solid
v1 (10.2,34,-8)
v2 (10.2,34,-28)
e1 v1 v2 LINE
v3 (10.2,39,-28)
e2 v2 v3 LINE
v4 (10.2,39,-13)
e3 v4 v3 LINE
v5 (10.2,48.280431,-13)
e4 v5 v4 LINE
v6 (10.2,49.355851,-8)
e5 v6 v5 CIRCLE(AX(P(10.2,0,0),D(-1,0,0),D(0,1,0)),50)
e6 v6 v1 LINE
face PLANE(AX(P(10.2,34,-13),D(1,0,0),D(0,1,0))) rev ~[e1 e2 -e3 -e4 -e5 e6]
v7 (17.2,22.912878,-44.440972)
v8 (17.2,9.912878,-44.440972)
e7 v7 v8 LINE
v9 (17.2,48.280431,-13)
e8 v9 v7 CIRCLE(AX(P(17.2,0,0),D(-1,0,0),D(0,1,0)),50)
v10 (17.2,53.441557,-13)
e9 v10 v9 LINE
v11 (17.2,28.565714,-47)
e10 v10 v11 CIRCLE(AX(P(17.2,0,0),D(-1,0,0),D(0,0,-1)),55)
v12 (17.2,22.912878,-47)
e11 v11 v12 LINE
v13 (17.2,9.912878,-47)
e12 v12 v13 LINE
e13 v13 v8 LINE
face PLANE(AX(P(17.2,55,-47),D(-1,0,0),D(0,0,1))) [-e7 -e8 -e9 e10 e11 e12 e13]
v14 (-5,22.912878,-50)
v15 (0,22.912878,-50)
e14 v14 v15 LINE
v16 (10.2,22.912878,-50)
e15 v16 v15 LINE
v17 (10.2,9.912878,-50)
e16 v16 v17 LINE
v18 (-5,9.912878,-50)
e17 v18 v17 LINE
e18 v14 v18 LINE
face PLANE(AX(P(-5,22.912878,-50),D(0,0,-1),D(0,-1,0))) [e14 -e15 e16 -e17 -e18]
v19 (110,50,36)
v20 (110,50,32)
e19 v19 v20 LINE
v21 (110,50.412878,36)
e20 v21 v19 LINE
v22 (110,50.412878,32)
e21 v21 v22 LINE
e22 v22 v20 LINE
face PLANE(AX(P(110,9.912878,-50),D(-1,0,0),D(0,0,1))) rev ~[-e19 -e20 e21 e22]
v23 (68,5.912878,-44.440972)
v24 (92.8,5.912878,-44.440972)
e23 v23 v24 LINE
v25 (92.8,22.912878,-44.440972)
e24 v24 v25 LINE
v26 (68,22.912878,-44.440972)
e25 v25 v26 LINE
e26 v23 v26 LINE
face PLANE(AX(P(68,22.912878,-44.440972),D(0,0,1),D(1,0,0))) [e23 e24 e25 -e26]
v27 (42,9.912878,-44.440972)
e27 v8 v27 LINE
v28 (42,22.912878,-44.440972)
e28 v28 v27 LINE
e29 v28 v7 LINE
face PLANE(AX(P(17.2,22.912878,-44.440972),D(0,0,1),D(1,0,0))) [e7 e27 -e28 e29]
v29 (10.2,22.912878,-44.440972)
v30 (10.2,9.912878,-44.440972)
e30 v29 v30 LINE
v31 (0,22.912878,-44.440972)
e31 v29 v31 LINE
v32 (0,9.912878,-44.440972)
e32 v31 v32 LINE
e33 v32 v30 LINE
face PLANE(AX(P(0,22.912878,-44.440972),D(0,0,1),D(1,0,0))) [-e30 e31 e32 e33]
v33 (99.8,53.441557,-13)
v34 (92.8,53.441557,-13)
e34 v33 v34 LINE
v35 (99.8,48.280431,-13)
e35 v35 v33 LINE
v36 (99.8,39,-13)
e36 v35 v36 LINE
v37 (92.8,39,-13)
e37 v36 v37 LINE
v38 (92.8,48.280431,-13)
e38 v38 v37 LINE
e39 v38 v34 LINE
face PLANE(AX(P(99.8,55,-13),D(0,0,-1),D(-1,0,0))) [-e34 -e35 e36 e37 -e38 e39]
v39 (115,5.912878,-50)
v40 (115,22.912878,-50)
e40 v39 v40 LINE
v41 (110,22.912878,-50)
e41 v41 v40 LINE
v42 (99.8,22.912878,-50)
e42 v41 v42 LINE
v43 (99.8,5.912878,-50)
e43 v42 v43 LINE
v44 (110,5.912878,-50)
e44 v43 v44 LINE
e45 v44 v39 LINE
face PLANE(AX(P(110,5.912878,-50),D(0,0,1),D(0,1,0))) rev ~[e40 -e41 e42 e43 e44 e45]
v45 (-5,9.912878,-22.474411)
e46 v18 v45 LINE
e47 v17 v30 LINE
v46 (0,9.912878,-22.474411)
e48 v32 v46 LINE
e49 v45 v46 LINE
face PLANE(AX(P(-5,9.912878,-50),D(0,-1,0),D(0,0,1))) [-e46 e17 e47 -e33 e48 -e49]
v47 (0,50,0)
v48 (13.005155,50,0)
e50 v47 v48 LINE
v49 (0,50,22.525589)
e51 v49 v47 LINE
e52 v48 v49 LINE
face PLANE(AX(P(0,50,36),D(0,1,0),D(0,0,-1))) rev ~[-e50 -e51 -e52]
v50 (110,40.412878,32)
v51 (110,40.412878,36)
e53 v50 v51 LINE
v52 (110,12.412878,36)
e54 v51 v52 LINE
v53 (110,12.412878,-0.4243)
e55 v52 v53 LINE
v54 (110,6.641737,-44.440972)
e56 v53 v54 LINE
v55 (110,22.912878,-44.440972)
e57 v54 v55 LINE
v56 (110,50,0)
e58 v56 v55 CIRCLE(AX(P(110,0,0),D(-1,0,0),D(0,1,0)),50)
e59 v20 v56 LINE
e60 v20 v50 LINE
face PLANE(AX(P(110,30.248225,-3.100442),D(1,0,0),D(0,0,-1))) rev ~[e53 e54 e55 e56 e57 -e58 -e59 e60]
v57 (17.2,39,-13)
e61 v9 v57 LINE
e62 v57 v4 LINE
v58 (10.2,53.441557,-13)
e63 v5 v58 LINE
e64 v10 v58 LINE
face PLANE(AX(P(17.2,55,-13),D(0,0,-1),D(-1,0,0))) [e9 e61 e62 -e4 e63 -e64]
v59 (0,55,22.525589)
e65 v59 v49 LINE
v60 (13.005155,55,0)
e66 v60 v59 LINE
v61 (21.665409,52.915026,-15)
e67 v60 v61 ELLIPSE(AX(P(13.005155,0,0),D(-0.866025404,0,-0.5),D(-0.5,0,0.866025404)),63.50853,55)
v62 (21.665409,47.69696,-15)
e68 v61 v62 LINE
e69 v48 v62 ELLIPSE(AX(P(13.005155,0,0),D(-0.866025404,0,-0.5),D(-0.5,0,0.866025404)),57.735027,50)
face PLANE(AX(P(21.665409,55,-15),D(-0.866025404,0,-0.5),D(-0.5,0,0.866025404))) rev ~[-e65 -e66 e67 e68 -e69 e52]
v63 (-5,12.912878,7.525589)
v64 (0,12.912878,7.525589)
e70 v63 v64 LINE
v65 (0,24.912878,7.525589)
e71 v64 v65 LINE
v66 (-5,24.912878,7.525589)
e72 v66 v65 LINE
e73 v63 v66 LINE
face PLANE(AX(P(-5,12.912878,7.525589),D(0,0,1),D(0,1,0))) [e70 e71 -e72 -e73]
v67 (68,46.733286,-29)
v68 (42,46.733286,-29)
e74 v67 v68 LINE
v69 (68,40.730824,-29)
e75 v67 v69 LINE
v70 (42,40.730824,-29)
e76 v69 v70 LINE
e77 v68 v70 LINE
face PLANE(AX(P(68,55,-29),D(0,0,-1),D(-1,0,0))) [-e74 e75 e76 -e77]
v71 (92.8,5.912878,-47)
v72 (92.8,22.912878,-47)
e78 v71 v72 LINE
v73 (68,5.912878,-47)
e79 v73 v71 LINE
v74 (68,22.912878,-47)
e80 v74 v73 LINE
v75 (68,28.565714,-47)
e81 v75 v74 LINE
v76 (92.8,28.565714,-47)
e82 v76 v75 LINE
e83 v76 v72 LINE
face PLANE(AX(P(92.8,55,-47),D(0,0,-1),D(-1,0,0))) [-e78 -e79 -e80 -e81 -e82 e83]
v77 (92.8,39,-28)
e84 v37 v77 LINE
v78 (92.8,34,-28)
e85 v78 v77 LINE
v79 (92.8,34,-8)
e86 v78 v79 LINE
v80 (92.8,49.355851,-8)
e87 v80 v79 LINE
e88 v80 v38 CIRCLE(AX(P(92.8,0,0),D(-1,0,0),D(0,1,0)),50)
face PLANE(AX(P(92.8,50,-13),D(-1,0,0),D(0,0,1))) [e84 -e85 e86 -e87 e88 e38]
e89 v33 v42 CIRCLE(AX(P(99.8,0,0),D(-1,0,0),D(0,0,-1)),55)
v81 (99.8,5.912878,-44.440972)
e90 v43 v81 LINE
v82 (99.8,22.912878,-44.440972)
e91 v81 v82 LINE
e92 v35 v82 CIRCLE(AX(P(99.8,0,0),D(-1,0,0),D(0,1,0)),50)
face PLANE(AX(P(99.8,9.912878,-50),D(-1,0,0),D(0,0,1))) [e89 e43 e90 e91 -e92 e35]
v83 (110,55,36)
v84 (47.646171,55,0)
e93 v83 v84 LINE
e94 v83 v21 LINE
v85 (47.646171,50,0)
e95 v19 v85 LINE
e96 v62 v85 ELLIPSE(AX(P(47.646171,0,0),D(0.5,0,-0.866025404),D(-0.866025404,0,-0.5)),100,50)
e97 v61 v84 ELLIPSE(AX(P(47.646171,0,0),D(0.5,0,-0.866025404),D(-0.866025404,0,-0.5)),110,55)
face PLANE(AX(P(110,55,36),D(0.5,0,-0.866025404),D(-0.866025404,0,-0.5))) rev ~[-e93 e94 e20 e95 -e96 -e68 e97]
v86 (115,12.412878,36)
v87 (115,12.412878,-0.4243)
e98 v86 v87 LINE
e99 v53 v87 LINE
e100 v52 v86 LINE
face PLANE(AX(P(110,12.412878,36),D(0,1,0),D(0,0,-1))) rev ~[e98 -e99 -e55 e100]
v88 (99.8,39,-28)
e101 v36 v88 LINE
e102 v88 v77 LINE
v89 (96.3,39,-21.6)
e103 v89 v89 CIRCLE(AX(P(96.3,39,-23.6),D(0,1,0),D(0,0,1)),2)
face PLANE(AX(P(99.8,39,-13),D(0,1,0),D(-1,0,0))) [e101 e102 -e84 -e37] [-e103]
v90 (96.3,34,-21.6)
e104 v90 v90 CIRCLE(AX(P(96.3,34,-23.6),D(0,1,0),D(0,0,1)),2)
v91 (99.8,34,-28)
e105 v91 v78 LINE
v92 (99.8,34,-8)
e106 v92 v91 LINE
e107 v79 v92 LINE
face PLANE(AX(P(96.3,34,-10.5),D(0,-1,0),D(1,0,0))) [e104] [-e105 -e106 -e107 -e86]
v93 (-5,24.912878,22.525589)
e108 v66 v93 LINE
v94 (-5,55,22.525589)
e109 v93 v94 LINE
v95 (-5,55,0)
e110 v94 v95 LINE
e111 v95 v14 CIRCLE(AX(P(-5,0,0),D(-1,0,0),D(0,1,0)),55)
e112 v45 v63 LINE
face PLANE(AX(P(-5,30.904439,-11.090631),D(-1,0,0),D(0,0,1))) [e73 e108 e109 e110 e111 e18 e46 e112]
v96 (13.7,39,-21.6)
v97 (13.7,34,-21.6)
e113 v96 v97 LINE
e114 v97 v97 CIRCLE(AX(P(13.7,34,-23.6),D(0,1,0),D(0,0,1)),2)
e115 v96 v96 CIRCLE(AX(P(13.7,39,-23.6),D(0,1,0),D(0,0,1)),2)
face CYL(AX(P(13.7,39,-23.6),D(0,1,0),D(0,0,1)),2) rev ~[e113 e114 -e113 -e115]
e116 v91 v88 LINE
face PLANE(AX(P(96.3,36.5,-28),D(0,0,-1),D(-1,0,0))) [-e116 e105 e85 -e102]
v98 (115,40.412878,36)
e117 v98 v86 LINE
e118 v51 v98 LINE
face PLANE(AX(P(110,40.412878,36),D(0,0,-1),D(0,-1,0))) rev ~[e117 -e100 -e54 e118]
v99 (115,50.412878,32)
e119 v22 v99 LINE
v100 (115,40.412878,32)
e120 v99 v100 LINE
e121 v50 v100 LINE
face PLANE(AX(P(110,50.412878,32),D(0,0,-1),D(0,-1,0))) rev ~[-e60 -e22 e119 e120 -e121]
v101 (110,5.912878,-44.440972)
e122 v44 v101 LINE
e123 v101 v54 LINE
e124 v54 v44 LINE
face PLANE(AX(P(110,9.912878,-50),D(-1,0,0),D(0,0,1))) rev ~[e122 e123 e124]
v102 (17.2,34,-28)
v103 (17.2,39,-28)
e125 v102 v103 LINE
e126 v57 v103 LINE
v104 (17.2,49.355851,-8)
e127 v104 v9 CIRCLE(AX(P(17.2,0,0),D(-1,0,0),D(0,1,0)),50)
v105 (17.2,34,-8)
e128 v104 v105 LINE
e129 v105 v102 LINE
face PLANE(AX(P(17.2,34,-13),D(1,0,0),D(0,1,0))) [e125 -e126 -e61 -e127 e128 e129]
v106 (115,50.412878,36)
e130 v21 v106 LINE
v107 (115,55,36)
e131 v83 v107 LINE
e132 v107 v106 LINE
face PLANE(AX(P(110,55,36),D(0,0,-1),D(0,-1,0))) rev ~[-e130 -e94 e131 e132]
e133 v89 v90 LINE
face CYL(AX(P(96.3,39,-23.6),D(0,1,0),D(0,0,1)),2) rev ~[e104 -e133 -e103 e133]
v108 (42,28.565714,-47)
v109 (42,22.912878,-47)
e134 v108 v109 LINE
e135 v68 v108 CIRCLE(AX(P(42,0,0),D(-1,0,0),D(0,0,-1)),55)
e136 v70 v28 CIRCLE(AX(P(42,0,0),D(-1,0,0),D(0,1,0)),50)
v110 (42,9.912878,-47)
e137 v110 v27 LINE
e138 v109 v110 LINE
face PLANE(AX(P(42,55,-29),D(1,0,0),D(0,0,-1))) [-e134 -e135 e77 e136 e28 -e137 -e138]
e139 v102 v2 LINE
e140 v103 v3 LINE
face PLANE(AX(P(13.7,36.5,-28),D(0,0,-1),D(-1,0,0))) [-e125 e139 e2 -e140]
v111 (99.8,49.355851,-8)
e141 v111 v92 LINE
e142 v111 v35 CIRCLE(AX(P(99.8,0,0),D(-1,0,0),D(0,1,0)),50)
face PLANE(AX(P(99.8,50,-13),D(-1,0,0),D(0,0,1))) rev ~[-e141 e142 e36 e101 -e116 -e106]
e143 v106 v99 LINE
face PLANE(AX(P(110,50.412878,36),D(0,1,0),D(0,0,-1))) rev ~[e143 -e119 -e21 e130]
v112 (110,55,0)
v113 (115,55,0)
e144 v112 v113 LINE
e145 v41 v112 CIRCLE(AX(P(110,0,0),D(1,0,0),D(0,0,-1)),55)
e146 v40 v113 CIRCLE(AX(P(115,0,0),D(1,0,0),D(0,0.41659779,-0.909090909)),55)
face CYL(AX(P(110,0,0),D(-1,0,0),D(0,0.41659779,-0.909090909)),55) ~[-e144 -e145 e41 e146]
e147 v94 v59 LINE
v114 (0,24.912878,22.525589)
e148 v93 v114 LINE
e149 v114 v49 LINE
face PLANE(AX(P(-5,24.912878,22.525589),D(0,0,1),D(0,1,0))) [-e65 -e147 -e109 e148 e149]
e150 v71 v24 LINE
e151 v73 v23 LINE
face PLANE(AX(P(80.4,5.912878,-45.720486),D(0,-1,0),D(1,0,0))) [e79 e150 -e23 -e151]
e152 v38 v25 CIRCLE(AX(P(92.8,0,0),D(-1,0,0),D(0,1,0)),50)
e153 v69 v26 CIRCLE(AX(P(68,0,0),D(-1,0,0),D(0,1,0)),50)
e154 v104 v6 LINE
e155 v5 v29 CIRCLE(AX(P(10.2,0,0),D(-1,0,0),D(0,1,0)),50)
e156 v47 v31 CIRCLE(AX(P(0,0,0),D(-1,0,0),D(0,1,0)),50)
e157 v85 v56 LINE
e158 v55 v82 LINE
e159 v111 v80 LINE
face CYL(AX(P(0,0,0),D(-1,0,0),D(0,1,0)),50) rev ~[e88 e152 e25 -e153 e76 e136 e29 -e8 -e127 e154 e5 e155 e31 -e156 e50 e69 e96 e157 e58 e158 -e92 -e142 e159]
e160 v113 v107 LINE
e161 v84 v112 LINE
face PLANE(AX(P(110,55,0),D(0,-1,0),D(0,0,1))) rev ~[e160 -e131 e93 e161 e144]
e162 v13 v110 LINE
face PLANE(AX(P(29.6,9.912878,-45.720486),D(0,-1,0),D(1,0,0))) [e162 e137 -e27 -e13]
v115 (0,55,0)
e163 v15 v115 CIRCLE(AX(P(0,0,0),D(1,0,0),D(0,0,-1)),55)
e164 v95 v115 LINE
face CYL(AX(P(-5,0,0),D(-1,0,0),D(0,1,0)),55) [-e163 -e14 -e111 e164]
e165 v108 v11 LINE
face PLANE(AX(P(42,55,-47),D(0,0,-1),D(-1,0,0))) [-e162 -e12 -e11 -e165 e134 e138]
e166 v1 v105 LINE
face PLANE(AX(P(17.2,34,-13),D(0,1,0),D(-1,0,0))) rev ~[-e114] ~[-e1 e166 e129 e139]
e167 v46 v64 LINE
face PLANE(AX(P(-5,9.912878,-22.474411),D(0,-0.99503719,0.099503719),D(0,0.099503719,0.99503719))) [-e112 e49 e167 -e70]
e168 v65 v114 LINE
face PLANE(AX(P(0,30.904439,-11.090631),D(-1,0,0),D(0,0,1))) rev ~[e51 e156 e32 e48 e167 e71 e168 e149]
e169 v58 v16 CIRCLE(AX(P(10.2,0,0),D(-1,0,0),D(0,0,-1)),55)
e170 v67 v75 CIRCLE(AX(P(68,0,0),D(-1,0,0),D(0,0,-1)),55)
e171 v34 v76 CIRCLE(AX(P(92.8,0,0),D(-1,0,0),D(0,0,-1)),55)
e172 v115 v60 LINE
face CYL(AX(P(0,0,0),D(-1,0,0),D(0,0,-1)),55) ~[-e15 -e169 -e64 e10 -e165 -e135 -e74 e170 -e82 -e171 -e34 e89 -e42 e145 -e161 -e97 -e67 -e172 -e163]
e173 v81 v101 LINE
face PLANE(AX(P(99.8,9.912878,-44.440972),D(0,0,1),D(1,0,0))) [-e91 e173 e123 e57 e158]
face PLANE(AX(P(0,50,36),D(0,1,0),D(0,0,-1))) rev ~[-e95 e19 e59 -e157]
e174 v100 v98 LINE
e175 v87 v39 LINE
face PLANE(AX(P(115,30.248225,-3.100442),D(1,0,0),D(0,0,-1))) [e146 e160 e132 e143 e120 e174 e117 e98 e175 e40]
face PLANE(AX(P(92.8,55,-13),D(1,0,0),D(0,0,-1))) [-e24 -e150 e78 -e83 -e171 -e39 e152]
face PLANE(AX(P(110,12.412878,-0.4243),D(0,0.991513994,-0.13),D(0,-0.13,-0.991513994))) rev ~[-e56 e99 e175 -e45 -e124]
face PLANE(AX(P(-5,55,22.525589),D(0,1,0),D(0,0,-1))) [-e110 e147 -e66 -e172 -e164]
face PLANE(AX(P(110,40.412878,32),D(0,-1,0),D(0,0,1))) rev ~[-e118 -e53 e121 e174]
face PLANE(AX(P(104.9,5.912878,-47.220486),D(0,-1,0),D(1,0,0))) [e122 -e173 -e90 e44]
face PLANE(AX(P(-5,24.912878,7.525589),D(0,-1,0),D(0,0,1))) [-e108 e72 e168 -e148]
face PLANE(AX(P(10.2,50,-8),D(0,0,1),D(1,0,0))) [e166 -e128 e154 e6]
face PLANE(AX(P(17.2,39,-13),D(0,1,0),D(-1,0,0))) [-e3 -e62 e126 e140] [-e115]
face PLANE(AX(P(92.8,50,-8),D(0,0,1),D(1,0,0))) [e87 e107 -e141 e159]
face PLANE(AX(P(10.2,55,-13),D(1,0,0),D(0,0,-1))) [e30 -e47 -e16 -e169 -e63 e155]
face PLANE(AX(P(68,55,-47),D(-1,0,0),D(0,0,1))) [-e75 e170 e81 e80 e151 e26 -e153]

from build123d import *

# Parameters (mm, degrees)
BOSS_EXTRUDE1_DEPTH = 110
CUT_EXTRUDE1_DEPTH  = 110
SKETCH3_W           = 110
SKETCH3_H           = 22.912878475
CUT_EXTRUDE2_DEPTH  = 110
SKETCH4_W           = 10.2
SKETCH4_H           = 5.559027913
SKETCH4_W_2         = 24.8
SKETCH4_H_2         = 2.559027913
BOSS_EXTRUDE2_DEPTH = 13
SKETCH5_W           = 7
SKETCH5_H           = 5
BOSS_EXTRUDE3_DEPTH = 16
SKETCH6_W           = 10.2
SKETCH6_H           = 5.559027913
SKETCH6_W_2         = 24.8
SKETCH6_H_2         = 2.559027913
BOSS_EXTRUDE4_DEPTH = 4
CUT_EXTRUDE3_DEPTH  = 64
SKETCH8_W           = 7
SKETCH8_H           = 5
BOSS_EXTRUDE5_DEPTH = 15
SKETCH9_R           = 2
CUT_EXTRUDE4_DEPTH  = 10
BOSS_EXTRUDE6_START = 5
BOSS_EXTRUDE6_DEPTH = 5
BOSS_EXTRUDE7_DEPTH = 5


with BuildPart() as part:
    # Sketch1 → Boss-Extrude1 (new body)
    with BuildSketch(Plane(origin=(0, 0, 0), x_dir=(0, 0, -1), z_dir=(1, 0, 0))):
        with BuildLine():
            Line((0, 55), (-36, 55))
            Line((-36, 55), (-36, 50))
            Line((-36, 50), (0, 50))
            ThreePointArc((0, 50), (35.355339059, 35.355339059), (50, 0))
            Line((50, 0), (50, -1))
            Line((50, -1), (55, -1))
            Line((55, -1), (55, 0))
            ThreePointArc((55, 0), (38.890872965, 38.890872965), (0, 55))
        make_face()
    extrude(amount=BOSS_EXTRUDE1_DEPTH)

    # Sketch2 → Cut-Extrude1 (cut)
    with BuildSketch(Plane(origin=(0, 55, 0), x_dir=(1, 0, 0), z_dir=(0, 1, 0))):
        Polygon((99.8, 13), (92.8, 13), (92.8, 47), (68, 47), (68, 29), (42, 29), (42, 47), (17.2, 47), (17.2, 13), (10.2, 13), (10.2, 50), (-27.805612869, 50), (-27.805612869, 77.075699265), (114.223867828, 77.075699265), (114.223867828, 50), (99.8, 50), align=None)
    extrude(amount=-CUT_EXTRUDE1_DEPTH, mode=Mode.SUBTRACT)

    # Sketch3 → Cut-Extrude2 (cut)
    with BuildSketch(Plane(origin=(0, 0, -50), x_dir=(-1, 0, 0), z_dir=(0, 0, -1))):
        with Locations((-55, 11.456439238)):
            Rectangle(SKETCH3_W, SKETCH3_H)
    extrude(amount=-CUT_EXTRUDE2_DEPTH, mode=Mode.SUBTRACT)

    # Sketch4 → Boss-Extrude2 (add)
    with BuildSketch(Plane.XZ.offset(-22.912878475)):
        with Locations((104.9, -47.220486044)):
            Rectangle(SKETCH4_W, SKETCH4_H)
        with Locations((80.4, -45.720486044)):
            Rectangle(SKETCH4_W_2, SKETCH4_H_2)
        with Locations((29.6, -45.720486044)):
            Rectangle(SKETCH4_W_2, SKETCH4_H_2)
        with Locations((5.1, -47.220486044)):
            Rectangle(SKETCH4_W, SKETCH4_H)
    extrude(amount=BOSS_EXTRUDE2_DEPTH)

    # Sketch5 → Boss-Extrude3 (add)
    with BuildSketch(Plane.XZ.offset(-50)):
        with Locations((13.7, -10.5)):
            Rectangle(SKETCH5_W, SKETCH5_H)
        with Locations((96.3, -10.5)):
            Rectangle(SKETCH5_W, SKETCH5_H)
    extrude(amount=BOSS_EXTRUDE3_DEPTH)

    # Sketch6 → Boss-Extrude4 (add)
    with BuildSketch(Plane.XZ.offset(-9.912878475)):
        with Locations((104.9, -47.220486044)):
            Rectangle(SKETCH6_W, SKETCH6_H)
        with Locations((80.4, -45.720486044)):
            Rectangle(SKETCH6_W_2, SKETCH6_H_2)
    extrude(amount=BOSS_EXTRUDE4_DEPTH)

    # Sketch7 → Cut-Extrude3 (cut)
    with BuildSketch(Plane(origin=(0, 55, 0), x_dir=(1, 0, 0), z_dir=(0, 1, 0))):
        Polygon((110, -36), (21.665408814, 15), (0, -22.525588833), (0, -36), align=None)
    extrude(amount=-CUT_EXTRUDE3_DEPTH, mode=Mode.SUBTRACT)

    # Sketch8 → Boss-Extrude5 (add)
    with BuildSketch(Plane(origin=(0, 0, -13), x_dir=(-1, 0, 0), z_dir=(0, 0, -1))):
        with Locations((-13.7, 36.5)):
            Rectangle(SKETCH8_W, SKETCH8_H)
        with Locations((-96.3, 36.5)):
            Rectangle(SKETCH8_W, SKETCH8_H)
    extrude(amount=BOSS_EXTRUDE5_DEPTH)

    # Sketch9 → Cut-Extrude4 (cut)
    with BuildSketch(Plane(origin=(0, 39, 0), x_dir=(1, 0, 0), z_dir=(0, 1, 0))):
        with Locations(Location((13.7, 23.6, 0), (0, 0, 270))):
            Circle(SKETCH9_R)
        with Locations(Location((96.3, 23.6, 0), (0, 0, 270))):
            Circle(SKETCH9_R)
    extrude(amount=-CUT_EXTRUDE4_DEPTH, mode=Mode.SUBTRACT)

    # Sketch10 → Boss-Extrude6 (add)
    with BuildSketch(Plane.ZY.offset(BOSS_EXTRUDE6_START)):
        with BuildLine():
            Line((-50, 9.912878475), (-22.474411167, 9.912878475))
            Line((-22.474411167, 9.912878475), (7.525588833, 12.912878475))
            Line((7.525588833, 12.912878475), (7.525588833, 24.912878475))
            Line((7.525588833, 24.912878475), (22.525588833, 24.912878475))
            Line((22.525588833, 24.912878475), (22.525588833, 55))
            Line((22.525588833, 55), (0, 55))
            ThreePointArc((0, 55), (-29.705148408, 46.28827236), (-50, 22.912878475))
            Line((-50, 22.912878475), (-50, 9.912878475))
        make_face()
    extrude(amount=-BOSS_EXTRUDE6_DEPTH)

    # Sketch11 → Boss-Extrude7 (add)
    with BuildSketch(Plane(origin=(110, 0, 0), x_dir=(0, 0, -1), z_dir=(1, 0, 0))):
        with BuildLine():
            Line((-36, 50.412878475), (-32, 50.412878475))
            Line((-32, 50.412878475), (-32, 40.412878475))
            Line((-32, 40.412878475), (-36, 40.412878475))
            Line((-36, 40.412878475), (-36, 12.412878475))
            Line((-36, 12.412878475), (0.424300308, 12.412878475))
            Line((0.424300308, 12.412878475), (50, 5.912878475))
            Line((50, 5.912878475), (50, 22.912878475))
            ThreePointArc((50, 22.912878475), (29.705148408, 46.28827236), (0, 55))
            Line((0, 55), (-36, 55))
            Line((-36, 55), (-36, 50.412878475))
        make_face()
    extrude(amount=BOSS_EXTRUDE7_DEPTH)


solid = part.part
